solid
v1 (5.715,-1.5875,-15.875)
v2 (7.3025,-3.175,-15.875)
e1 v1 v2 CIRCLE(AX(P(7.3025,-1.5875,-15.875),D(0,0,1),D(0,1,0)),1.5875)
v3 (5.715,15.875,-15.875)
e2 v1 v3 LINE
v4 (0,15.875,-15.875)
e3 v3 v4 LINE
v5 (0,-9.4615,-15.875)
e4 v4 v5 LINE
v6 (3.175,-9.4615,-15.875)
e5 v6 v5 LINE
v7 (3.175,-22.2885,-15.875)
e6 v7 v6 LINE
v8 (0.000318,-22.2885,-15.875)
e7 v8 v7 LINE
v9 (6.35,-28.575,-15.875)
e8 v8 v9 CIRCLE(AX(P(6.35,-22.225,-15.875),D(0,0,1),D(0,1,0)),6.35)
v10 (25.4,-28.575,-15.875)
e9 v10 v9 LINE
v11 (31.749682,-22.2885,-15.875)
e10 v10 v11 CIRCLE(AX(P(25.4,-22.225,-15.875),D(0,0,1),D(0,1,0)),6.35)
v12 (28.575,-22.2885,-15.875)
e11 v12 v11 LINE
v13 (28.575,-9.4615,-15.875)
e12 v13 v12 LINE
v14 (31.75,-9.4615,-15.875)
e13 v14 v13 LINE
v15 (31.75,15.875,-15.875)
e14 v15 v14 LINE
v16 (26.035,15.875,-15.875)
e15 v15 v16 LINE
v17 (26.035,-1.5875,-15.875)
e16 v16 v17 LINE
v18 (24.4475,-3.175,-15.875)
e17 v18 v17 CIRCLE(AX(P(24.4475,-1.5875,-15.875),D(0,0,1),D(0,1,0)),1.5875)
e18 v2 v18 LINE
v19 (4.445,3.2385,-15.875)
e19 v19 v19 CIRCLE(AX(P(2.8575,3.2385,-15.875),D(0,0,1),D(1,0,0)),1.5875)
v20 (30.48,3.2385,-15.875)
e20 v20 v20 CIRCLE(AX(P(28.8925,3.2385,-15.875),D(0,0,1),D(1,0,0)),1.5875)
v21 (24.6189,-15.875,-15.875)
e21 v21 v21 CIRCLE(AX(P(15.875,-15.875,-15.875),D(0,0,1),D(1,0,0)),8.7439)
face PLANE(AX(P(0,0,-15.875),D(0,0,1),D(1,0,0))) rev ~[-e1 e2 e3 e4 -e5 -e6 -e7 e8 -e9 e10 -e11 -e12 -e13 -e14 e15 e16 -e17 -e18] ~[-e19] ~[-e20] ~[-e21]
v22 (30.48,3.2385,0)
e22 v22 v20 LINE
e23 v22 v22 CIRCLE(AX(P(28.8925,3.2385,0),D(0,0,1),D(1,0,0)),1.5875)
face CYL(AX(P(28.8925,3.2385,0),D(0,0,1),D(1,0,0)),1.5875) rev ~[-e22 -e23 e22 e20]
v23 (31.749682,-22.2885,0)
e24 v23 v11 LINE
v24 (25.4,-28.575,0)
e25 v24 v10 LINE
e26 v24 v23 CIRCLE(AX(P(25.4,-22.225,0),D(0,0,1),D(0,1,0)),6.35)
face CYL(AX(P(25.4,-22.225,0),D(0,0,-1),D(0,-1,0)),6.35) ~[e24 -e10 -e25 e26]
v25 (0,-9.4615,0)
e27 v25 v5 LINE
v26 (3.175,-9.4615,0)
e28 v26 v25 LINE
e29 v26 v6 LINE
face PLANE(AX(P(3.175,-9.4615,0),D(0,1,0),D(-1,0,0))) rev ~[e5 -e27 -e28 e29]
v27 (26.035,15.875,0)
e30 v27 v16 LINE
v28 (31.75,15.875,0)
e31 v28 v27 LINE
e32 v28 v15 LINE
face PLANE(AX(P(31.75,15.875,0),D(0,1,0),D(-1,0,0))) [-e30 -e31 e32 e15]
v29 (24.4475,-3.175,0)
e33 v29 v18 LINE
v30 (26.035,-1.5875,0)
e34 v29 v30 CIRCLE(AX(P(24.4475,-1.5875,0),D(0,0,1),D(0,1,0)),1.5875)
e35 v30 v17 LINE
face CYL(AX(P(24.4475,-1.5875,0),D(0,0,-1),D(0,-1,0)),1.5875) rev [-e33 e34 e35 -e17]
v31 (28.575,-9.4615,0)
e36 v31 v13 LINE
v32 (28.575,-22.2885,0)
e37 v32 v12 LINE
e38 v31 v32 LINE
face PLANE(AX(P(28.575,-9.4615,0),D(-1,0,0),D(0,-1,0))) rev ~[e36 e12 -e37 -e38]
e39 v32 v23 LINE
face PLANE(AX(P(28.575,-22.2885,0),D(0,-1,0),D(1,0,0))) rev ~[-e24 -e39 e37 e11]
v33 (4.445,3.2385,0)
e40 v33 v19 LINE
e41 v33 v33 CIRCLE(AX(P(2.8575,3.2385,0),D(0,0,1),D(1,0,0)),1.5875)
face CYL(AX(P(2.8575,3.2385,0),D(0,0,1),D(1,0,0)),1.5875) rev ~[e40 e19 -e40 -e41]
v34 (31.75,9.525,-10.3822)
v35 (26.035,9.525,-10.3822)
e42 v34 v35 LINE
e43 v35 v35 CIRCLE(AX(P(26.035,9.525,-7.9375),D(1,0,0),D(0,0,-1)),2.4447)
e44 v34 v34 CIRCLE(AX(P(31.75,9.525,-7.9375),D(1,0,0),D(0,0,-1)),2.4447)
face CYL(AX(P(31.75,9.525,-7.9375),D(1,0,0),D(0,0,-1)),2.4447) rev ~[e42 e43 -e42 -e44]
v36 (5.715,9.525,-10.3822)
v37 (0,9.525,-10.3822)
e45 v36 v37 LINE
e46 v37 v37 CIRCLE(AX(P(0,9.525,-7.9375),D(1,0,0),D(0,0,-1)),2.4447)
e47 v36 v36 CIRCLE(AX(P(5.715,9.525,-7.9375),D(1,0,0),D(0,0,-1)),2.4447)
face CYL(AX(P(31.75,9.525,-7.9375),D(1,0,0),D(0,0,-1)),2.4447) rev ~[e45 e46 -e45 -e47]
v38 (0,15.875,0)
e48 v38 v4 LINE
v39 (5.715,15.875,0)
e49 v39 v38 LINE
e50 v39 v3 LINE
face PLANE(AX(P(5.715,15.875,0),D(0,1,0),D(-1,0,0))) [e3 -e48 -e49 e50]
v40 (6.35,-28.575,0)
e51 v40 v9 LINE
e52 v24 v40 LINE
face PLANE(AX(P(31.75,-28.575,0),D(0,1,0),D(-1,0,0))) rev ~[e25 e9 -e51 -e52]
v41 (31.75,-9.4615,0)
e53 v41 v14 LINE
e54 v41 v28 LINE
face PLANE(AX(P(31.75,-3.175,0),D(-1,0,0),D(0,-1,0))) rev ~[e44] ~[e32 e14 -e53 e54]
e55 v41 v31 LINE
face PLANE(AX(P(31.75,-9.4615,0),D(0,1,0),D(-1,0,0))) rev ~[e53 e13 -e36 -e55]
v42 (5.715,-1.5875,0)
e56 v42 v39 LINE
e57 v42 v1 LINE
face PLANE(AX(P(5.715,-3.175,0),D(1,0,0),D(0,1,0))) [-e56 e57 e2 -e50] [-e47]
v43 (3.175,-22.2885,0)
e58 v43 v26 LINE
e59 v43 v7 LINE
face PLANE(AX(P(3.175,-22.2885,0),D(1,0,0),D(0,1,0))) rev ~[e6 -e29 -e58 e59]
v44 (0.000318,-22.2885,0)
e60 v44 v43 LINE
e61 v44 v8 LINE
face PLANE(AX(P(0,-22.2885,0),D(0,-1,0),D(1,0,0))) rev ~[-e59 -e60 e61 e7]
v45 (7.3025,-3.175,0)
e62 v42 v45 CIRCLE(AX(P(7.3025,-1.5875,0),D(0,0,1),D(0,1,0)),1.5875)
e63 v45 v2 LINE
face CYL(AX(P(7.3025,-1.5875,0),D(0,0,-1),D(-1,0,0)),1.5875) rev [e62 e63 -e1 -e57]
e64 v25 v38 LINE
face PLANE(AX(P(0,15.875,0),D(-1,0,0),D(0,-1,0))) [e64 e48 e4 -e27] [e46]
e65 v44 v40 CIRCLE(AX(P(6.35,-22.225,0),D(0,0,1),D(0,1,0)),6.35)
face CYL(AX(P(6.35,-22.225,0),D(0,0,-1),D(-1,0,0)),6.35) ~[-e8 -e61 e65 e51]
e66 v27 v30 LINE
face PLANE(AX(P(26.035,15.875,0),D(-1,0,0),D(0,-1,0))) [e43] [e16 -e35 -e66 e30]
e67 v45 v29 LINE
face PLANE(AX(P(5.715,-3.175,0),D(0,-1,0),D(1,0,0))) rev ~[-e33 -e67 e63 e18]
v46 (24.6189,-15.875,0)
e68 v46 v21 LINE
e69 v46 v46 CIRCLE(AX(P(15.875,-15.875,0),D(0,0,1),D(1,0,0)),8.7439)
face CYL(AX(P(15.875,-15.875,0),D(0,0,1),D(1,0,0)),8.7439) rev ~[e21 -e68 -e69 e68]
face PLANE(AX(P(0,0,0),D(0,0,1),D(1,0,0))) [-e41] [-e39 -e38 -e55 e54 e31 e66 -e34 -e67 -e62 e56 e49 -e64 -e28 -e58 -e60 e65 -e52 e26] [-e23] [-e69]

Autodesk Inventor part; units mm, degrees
ref_plane "YZ Plane" through (0, 0, 0) normal (1, 0, 0) x (0, 1, 0)
ref_plane "XZ Plane" through (0, 0, 0) normal (0, 1, 0) x (-1, 0, 0)
ref_plane "XY Plane" through (0, 0, 0) normal (0, 0, 1) x (1, 0, 0)
sketch "Sketch1" plane through (0, 0, 0) normal (0, 0, 1) x (1, 0, 0)
  line L0 (0, -3.175) -> (31.75, -3.175)
  line L1 (31.75, -3.175) -> (31.75, -28.575)
  line L2 (31.75, -28.575) -> (0, -28.575)
  line L3 (0, -28.575) -> (0, -3.175)
  line L4 (0, -3.175) -> (5.715, -3.175)
  line L5 (5.715, -3.175) -> (5.715, 15.875)
  line L6 (5.715, 15.875) -> (0, 15.875)
  line L7 (0, 15.875) -> (0, -3.175)
  line L8 (26.035, -3.175) -> (31.75, -3.175)
  line L9 (31.75, -3.175) -> (31.75, 15.875)
  line L10 (31.75, 15.875) -> (26.035, 15.875)
  line L11 (26.035, 15.875) -> (26.035, -3.175)
  point P0 (0, 0)
  dimension "d0" = 25.4
  dimension "d1" = 5.715
  dimension "d2" = 5.715
  dimension "d3" = 19.05
  dimension "d4" = 31.75
  dimension "d24" = 20.32
extrude "Extrusion1" add sketch "Sketch1" against normal blind 15.875
sketch "Sketch2" plane through (0, 0, 0) normal (0, 0, 1) x (1, 0, 0)
  line L0 (31.75, -28.575) -> (0, -28.575) projected
  circle A0 centre (15.875, -15.875) radius 8.7439
  dimension "d10" = 17.4879
  dimension "d13" = 12.7
extrude "Extrusion2" cut sketch "Sketch2" against normal blind 15.875
sketch "Sketch3" plane through (31.75, -3.175, 0) normal (1, 0, 0) x (0, 0, -1)
  line L0 (0, 19.05) -> (15.875, 19.05) projected
  line L1 (-0.1272, 19.05) -> (15.7478, 19.05)
  circle A0 centre (7.9375, 12.7) radius 2.4447
  dimension "d16" = 4.8895
  dimension "d17" = 6.35
  dimension "d18" = 0
extrude "Extrusion3" cut sketch "Sketch3" against normal through all
fillet "Fillet1" radius 1.5875 2 edges at (5.715, -3.175, -7.9375) (26.035, -3.175, -7.9375)
fillet "Fillet3" radius 6.35 2 edges at (0, -28.575, -7.9375) (31.75, -28.575, -7.9375)
sketch "Sketch5" plane through (0, 0, 0) normal (0, 0, 1) x (1, 0, 0)
  line L0 (31.75, 15.875) -> (31.75, -22.225) projected
  line L1 (0, -22.225) -> (0, 15.875) projected
  line L2 (0, -22.2885) -> (3.175, -22.2885)
  line L3 (3.175, -22.2885) -> (3.175, -9.4615)
  line L4 (3.175, -9.4615) -> (0, -9.4615)
  line L5 (0, -9.4615) -> (0, -22.2885)
  line L6 (31.75, -9.4615) -> (28.575, -9.4615)
  line L7 (28.575, -9.4615) -> (28.575, -22.2885)
  line L8 (28.575, -22.2885) -> (31.75, -22.2885)
  line L9 (31.75, -22.2885) -> (31.75, -9.4615)
  circle A0 centre (15.875, -15.875) radius 8.7439 projected
  point P0 (0, 0)
  point P1 (3.175, -15.875)
  dimension "d33" = 12.827
  dimension "d34" = 3.175
  dimension "d35" = 3.175
  dimension "d41" = 0
extrude "Extrusion5" cut sketch "Sketch5" against normal blind 25.4 contours L0 L9 L8 L7 L6 | L1 L4 L3 L2 L5
sketch "Sketch6" plane through (0, 0, 0) normal (0, 0, 1) x (1, 0, 0)
  line L0 (0, -9.4615) -> (0, 15.875) projected
  line L1 (0, -9.4615) -> (3.175, -9.4615) projected
  circle A0 centre (2.8575, 3.2385) radius 1.5875
  circle A1 centre (28.8925, 3.2385) radius 1.5875
  line L2 (28.575, -9.4615) -> (31.75, -9.4615) projected
  line L3 (26.035, -1.5875) -> (26.035, 15.875) projected
  point P0 (0, 0)
  dimension "d42" = 3.175
  dimension "d43" = 2.8575
  dimension "d44" = 12.7
  dimension "d45" = 3.175
  dimension "d50" = 12.7
  dimension "d51" = 2.8575
extrude "Extrusion6" cut sketch "Sketch6" against normal blind 25.4
properties part number "Smaller Needle Bearing Mount" material "Polyethylene, High Density"
